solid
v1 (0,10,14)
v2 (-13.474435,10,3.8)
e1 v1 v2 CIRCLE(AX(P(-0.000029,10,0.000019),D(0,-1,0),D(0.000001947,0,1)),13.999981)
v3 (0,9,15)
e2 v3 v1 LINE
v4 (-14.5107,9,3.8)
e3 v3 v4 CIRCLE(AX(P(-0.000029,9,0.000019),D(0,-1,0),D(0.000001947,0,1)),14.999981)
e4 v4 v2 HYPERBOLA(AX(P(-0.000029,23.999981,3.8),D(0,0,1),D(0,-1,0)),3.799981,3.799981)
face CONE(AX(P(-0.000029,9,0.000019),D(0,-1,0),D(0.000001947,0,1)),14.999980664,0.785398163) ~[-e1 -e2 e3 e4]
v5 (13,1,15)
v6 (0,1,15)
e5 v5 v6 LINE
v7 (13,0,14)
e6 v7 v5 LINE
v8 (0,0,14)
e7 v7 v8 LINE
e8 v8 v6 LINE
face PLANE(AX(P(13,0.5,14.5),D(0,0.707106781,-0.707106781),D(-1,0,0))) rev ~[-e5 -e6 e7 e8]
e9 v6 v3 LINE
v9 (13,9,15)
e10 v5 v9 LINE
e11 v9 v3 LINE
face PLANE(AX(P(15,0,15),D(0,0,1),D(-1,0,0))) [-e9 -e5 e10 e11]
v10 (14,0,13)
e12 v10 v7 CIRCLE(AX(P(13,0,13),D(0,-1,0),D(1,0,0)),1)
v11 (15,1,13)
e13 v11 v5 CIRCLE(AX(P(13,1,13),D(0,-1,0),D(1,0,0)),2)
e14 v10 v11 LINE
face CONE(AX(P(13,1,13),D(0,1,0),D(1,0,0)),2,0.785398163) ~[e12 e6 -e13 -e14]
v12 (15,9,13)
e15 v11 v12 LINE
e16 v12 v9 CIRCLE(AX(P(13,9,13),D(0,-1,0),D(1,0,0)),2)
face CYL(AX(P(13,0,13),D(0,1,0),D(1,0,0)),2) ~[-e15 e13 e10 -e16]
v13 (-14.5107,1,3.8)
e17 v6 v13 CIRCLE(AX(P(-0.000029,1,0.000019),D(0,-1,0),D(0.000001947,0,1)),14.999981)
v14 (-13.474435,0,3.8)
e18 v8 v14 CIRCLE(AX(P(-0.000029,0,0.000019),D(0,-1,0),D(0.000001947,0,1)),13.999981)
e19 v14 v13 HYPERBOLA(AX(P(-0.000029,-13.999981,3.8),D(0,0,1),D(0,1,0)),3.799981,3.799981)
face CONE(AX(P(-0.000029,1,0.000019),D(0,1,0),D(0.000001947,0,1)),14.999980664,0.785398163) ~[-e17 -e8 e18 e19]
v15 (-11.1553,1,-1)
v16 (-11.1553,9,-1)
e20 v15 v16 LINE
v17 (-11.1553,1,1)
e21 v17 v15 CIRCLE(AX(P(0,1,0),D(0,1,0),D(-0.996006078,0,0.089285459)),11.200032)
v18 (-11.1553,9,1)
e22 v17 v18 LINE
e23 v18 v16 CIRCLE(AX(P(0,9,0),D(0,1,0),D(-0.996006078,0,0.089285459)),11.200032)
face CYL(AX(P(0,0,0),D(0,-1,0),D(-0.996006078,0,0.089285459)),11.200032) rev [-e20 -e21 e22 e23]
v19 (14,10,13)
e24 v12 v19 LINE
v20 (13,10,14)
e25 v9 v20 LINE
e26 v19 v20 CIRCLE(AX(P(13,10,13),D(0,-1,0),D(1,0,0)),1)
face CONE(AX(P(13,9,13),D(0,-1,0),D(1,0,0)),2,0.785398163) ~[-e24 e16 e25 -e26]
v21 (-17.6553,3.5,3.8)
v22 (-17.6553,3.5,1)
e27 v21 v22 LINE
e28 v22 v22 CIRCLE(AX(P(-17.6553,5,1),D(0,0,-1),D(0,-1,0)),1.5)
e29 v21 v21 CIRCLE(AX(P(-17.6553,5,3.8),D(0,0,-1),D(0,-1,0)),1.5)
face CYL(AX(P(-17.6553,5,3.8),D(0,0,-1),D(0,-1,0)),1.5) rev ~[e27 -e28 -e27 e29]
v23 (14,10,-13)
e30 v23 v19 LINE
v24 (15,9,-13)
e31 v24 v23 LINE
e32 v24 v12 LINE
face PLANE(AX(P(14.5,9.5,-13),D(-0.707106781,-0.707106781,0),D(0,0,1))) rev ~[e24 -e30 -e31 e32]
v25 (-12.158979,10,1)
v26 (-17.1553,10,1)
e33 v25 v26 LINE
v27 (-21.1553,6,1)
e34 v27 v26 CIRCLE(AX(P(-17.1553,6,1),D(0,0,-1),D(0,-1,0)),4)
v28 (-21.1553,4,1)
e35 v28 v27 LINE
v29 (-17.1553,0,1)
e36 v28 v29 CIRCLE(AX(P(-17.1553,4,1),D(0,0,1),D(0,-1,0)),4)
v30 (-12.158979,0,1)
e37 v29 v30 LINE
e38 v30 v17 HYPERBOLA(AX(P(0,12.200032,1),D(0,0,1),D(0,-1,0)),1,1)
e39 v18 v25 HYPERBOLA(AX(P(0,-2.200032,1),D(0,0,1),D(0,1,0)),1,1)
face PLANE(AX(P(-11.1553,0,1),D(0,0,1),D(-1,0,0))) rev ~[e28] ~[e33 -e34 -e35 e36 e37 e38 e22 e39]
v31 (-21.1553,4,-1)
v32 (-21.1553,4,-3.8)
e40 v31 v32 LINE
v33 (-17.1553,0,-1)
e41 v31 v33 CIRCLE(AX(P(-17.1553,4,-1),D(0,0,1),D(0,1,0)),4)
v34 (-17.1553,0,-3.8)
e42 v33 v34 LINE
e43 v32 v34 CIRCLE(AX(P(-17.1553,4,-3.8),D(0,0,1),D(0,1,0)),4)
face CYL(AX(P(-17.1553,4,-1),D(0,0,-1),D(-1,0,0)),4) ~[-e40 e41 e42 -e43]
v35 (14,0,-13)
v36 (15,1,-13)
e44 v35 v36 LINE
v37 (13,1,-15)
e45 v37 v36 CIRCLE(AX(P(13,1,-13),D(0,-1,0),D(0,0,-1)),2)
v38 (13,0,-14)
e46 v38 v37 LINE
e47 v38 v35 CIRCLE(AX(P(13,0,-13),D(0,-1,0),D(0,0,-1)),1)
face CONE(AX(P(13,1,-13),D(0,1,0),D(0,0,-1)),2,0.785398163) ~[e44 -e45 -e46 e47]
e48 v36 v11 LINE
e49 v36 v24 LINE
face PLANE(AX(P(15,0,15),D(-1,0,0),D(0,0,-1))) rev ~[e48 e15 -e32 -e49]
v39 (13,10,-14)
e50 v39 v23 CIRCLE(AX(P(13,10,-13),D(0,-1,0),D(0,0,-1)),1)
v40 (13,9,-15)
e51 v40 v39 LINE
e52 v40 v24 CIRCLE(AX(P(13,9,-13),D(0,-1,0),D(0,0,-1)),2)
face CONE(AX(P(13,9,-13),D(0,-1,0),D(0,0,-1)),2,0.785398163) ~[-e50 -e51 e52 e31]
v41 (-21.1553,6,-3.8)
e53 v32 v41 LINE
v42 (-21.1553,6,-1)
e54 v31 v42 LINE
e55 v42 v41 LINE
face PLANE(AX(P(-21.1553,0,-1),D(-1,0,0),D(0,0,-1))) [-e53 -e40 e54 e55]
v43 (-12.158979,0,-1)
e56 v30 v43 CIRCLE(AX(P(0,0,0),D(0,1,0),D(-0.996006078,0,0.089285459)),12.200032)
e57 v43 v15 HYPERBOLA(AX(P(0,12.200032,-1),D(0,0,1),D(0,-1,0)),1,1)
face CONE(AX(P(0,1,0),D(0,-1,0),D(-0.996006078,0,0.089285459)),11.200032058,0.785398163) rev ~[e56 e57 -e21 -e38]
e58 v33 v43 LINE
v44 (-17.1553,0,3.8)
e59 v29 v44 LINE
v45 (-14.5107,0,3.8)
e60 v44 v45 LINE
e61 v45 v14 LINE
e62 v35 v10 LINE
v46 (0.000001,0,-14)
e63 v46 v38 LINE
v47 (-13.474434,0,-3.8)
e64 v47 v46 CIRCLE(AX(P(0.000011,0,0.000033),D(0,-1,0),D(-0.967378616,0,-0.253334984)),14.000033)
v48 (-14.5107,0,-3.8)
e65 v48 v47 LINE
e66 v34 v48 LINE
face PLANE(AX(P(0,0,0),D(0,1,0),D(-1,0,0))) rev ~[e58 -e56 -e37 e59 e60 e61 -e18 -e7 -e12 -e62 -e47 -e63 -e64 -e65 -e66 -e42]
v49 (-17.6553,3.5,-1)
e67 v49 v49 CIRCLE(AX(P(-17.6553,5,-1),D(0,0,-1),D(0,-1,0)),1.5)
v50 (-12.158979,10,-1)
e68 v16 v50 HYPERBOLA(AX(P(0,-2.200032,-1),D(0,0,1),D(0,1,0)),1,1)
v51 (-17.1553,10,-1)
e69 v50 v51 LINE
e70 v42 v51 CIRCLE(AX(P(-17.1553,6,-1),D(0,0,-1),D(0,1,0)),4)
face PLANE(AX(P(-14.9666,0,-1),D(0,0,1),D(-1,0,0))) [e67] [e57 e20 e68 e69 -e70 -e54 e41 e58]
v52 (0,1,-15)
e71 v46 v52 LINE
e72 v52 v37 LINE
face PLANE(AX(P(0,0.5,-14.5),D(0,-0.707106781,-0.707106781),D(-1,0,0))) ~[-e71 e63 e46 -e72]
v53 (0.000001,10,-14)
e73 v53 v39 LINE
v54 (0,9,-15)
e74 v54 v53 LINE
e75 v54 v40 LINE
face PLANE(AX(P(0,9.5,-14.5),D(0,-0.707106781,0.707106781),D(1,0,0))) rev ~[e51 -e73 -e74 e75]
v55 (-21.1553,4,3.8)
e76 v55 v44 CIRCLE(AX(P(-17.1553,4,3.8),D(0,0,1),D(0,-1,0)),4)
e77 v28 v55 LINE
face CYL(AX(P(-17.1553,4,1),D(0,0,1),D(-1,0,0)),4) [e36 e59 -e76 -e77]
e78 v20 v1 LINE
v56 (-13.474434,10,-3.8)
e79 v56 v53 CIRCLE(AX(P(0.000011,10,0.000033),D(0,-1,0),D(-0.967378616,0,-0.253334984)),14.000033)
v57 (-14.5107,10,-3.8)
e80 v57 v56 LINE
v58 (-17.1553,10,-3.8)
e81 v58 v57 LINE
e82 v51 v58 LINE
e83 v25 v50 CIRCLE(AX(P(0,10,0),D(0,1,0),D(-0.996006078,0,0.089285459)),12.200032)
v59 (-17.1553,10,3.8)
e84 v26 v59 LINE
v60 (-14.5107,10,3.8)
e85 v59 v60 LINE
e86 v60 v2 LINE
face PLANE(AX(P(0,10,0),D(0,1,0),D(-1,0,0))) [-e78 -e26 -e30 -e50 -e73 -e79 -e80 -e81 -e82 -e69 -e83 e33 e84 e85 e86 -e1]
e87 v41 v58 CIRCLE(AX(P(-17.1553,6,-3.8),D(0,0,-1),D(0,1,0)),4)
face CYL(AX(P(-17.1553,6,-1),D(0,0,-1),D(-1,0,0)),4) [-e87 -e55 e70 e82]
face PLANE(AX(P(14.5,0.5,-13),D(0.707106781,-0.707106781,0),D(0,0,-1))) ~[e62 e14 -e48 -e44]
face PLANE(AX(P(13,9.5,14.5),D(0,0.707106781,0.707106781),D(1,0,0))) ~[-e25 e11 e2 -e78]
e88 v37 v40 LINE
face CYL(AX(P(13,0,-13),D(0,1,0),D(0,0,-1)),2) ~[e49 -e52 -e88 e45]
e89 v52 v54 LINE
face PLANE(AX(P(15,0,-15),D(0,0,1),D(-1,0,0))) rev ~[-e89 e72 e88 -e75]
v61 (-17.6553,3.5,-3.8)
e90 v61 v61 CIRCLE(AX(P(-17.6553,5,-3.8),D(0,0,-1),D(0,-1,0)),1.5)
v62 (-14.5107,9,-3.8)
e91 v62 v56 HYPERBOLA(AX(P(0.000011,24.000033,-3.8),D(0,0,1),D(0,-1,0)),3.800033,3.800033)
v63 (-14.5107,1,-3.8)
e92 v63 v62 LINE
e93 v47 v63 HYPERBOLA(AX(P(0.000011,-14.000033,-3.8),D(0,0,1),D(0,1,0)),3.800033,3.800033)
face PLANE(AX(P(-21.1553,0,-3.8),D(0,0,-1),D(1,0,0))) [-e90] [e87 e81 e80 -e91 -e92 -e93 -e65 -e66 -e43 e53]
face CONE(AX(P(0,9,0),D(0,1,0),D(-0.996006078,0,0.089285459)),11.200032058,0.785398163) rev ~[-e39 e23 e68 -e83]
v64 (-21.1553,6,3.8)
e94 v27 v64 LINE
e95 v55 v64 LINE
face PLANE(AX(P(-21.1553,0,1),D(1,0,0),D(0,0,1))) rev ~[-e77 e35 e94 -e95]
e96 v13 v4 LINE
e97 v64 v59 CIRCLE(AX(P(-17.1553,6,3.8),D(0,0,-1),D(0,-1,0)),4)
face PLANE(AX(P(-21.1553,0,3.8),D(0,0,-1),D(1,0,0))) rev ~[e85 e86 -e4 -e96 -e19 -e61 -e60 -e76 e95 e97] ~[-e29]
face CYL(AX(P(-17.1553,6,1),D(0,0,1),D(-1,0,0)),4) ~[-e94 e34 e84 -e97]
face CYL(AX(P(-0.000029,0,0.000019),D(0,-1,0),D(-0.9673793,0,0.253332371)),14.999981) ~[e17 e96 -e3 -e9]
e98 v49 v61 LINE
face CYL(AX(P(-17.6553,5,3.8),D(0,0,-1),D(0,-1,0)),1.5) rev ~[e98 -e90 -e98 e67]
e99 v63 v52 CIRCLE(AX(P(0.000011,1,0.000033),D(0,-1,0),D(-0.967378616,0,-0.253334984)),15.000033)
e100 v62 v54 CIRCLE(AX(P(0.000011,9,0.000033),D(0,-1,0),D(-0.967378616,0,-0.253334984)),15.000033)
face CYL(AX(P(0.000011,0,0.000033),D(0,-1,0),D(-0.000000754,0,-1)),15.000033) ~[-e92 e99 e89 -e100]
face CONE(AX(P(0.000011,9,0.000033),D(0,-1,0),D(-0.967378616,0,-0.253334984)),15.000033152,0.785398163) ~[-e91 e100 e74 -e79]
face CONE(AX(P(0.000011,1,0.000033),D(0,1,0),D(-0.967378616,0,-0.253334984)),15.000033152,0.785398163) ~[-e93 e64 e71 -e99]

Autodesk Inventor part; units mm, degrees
ref_plane "YZ Plane" through (0, 0, 0) normal (1, 0, 0) x (0, 1, 0)
ref_plane "XZ Plane" through (0, 0, 0) normal (0, 1, 0) x (-1, 0, 0)
ref_plane "XY Plane" through (0, 0, 0) normal (0, 0, 1) x (1, 0, 0)
sketch "Эскиз1" plane through (0, 0, 0) normal (0, 1, 0) x (-1, 0, 0)
  arc A0 (11.1553, 1) -> (11.1553, -1) centre (0, 0) ccw
  line L0 (-15, 15) -> (-15, -15)
  line L1 (-15, 15) -> (0, 15)
  line L2 (-15, -15) -> (0, -15)
  line L3 (11.1553, 1) -> (14.9666, 1)
  line L4 (14.9666, -1) -> (11.1553, -1)
  arc A1 (0, -15) -> (14.5107, -3.8) centre (0, 0) ccw
  arc A2 (14.5107, 3.8) -> (0, 15) centre (0, 0) ccw
  line L5 (11.1553, -1) -> (21.1553, -1)
  line L6 (21.1553, -1) -> (21.1553, -3.8)
  line L7 (21.1553, -3.8) -> (14.5107, -3.8)
  line L8 (11.1553, 1) -> (21.1553, 1)
  line L9 (21.1553, 1) -> (21.1553, 3.8)
  line L10 (21.1553, 3.8) -> (14.5107, 3.8)
  point P0 (15, 0)
  dimension "d0" = 22.4
  dimension "d2" = 30
  dimension "d5" = 2.8
  dimension "d6" = 2.8
extrude "Выдавливание1" add sketch "Эскиз1" along normal blind 10
fillet "Сопряжение1" radius 4 4 edges at (-21.1553, 10, 2.4) (-21.1553, 10, -2.4) (-21.1553, 0, 2.4) (-21.1553, 0, -2.4)
sketch "Эскиз3" plane through (-14.5107, 0, 3.8) normal (0, 0, 1) x (1, 0, 0)
  arc A0 (-6.6446, 4) -> (-2.6446, 0) centre (-2.6446, 4) ccw projected
  line L0 (-2.6446, 0) -> (0, 0) projected
  line L1 (0, 0) -> (0, 10) projected
  line L2 (-2.6446, 10) -> (0, 10) projected
  arc A1 (-2.6446, 10) -> (-6.6446, 6) centre (-2.6446, 6) ccw projected
  line L3 (-6.6446, 4) -> (-6.6446, 6) projected
  line L4 (-6.6446, 5) -> (-3.1446, 5) construction
  point P0 (14.5107, 0)
  dimension "d20" = 3.5
hole "Отверстие2" at (-17.6553, 5, 3.8) direction (0, 0, -1) diameter 3 depth 8 tip angle 118
fillet "Сопряжение2" radius 2 2 edges at (15, 5, 15) (15, 5, -15)
chamfer "Фаска1" distance 1 angle 45 16 edges at (11.2, 10, 0) (11.2, 0, 0) (6.5, 10, 15) (14.4142, 10, 14.4142) (15, 10, 0) (14.4142, 10, -14.4142) (6.5, 10, -15) (-9.1652, 10, -11.8743) (-9.1652, 10, 11.8743) (6.5, 0, 15) (14.4142, 0, 14.4142) (15, 0, 0) (14.4142, 0, -14.4142) (6.5, 0, -15) (-9.1652, 0, -11.8743) (-9.1652, 0, 11.8743)
properties part number "BasicMount 22mm"
